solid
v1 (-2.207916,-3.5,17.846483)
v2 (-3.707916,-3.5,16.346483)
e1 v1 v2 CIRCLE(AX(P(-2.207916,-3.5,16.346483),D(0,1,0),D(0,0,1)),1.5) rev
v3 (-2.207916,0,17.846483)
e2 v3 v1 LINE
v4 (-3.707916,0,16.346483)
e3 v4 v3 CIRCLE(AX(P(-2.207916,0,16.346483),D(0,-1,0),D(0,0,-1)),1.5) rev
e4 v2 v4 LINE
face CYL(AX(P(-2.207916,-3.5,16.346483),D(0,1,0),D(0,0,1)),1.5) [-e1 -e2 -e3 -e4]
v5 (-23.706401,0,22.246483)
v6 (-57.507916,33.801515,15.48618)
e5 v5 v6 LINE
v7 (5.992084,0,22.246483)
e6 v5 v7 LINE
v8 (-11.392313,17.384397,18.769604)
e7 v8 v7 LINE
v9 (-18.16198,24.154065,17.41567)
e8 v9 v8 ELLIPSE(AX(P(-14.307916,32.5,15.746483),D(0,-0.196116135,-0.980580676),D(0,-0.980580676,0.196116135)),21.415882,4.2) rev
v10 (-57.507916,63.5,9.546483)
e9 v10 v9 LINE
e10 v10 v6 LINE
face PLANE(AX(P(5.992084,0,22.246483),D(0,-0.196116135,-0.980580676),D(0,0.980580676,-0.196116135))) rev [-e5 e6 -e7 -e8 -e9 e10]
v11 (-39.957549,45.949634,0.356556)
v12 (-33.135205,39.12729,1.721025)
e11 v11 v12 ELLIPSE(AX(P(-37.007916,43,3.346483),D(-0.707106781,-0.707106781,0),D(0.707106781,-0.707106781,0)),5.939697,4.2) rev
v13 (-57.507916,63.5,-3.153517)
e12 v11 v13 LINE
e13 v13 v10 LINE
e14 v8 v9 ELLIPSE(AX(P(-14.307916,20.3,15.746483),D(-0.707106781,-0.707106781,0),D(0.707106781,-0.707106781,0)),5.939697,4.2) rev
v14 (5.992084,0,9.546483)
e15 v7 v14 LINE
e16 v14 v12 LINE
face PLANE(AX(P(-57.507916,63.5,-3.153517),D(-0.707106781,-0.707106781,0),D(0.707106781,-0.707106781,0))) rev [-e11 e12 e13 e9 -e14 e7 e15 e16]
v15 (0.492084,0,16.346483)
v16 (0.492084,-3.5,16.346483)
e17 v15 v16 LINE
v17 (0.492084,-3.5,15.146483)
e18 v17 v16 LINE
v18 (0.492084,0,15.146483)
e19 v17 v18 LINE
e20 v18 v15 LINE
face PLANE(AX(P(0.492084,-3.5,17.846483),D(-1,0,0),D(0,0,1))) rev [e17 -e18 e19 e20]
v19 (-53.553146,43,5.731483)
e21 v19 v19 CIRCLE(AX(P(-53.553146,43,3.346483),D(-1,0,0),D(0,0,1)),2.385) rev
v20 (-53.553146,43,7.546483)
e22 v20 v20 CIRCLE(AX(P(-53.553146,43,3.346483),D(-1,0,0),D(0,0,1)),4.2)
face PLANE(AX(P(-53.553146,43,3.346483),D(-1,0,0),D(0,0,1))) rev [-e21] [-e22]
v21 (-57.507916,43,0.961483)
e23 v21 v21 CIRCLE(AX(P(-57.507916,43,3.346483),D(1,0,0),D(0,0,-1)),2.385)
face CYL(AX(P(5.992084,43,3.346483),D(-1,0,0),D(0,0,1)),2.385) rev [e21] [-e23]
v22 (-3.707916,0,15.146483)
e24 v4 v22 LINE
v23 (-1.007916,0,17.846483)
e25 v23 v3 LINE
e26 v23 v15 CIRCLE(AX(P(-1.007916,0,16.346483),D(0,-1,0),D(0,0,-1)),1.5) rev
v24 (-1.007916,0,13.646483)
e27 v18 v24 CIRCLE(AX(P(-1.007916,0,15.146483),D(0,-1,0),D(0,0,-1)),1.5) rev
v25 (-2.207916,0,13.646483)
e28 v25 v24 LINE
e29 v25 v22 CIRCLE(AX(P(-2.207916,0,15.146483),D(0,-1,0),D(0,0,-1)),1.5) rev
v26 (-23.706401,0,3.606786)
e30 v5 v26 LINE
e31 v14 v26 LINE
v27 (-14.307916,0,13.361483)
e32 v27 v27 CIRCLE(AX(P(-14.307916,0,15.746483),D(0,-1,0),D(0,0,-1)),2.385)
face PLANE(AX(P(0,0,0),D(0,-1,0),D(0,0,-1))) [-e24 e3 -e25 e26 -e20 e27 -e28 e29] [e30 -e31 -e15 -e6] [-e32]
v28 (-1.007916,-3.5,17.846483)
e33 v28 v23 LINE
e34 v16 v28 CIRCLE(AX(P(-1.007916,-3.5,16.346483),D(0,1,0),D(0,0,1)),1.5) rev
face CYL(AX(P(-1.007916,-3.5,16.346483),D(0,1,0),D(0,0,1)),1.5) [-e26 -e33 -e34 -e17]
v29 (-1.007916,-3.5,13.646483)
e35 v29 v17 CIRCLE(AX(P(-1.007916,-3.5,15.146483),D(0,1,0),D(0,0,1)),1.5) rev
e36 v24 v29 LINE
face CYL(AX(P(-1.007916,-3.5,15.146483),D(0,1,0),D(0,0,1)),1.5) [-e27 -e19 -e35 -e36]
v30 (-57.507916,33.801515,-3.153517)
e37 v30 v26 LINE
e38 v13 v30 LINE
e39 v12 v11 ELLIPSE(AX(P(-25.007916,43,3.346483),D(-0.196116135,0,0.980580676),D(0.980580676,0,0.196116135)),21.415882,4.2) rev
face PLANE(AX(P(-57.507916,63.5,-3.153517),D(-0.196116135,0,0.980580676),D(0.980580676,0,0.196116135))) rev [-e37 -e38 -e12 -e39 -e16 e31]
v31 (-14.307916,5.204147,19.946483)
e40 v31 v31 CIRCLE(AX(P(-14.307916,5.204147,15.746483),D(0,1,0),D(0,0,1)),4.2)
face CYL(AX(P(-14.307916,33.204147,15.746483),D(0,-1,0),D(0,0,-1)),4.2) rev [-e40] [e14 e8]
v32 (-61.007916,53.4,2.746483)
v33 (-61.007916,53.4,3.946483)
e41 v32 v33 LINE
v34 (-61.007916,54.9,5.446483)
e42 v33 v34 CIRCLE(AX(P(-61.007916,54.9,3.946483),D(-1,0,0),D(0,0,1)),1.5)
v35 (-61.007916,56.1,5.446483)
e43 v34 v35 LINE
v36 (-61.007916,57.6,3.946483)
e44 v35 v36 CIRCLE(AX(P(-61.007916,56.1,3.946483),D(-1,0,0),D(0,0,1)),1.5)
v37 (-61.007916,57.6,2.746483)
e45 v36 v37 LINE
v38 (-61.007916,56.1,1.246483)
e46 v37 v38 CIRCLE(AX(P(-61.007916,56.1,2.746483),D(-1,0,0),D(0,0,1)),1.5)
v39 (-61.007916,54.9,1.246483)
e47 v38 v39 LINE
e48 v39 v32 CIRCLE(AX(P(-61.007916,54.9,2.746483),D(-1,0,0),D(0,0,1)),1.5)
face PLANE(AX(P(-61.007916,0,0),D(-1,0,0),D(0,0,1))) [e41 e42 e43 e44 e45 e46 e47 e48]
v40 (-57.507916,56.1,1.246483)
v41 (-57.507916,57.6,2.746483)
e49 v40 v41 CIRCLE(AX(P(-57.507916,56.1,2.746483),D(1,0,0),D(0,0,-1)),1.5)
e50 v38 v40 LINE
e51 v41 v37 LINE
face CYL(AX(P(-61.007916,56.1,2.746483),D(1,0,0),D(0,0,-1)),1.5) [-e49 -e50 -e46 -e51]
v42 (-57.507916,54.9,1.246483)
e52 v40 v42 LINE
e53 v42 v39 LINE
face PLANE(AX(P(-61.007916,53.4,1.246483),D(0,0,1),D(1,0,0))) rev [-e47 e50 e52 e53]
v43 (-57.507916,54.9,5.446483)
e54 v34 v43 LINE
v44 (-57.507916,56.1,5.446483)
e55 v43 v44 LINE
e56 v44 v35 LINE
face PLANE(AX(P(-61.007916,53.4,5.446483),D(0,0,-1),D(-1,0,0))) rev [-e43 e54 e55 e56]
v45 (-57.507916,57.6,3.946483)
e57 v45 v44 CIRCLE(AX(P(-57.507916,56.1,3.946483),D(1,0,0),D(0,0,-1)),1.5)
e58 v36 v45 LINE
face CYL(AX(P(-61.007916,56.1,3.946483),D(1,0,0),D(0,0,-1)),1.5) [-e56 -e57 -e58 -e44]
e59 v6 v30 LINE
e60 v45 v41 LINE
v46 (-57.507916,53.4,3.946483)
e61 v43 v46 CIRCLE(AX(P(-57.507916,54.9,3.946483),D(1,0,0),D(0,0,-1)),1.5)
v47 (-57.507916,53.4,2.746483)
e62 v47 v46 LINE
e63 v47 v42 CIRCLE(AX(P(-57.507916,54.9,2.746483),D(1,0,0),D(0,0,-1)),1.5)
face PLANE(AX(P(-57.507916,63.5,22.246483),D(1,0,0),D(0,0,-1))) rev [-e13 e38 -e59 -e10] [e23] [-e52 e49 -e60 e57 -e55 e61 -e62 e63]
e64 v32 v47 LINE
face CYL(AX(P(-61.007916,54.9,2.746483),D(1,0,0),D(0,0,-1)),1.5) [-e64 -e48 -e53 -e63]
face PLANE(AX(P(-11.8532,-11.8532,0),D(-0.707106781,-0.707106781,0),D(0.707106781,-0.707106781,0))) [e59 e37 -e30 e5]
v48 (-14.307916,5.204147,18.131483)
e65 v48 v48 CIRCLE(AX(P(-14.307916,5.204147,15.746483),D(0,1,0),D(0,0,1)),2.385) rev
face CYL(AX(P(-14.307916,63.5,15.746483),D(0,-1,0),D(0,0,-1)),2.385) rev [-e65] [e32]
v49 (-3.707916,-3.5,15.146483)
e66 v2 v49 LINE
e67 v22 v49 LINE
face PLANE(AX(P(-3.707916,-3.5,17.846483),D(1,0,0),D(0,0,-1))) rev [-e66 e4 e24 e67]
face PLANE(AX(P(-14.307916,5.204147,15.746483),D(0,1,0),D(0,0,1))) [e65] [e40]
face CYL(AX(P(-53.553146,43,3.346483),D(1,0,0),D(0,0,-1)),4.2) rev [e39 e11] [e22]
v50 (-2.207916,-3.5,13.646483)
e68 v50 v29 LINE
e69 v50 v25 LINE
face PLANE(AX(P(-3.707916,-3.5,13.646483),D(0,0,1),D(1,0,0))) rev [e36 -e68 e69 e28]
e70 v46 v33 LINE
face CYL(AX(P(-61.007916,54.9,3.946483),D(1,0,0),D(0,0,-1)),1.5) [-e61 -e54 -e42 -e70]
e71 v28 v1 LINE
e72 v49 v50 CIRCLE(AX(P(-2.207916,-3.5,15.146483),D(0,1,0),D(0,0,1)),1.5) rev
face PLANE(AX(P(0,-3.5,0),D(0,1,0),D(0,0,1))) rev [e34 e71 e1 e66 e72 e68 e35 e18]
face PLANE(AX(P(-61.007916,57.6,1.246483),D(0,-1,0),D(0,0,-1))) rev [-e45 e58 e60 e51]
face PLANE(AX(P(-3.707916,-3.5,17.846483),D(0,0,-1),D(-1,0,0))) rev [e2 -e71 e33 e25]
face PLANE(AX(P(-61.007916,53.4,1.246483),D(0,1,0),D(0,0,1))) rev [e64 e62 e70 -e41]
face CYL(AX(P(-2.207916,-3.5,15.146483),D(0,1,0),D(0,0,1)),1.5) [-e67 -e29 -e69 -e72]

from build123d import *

# Parameters (mm, degrees)
SKETCH2_W               = 63.5
SKETCH2_H               = 25.4
BOSS_EXTRUDE1_DEPTH     = 63.5
CUT_EXTRUDE1_DEPTH      = 90.356423253
SKETCH4_W               = 4.2
SKETCH4_H               = 4.2
BOSS_EXTRUDE2_DEPTH     = 3.5
SKETCH5_W               = 4.2
SKETCH5_H               = 4.2
BOSS_EXTRUDE3_DEPTH     = 3.5
FILLET1_R               = 1.5
CUT_EXTRUDE4_DEPTH      = 93.517057968
CUT_EXTRUDE5_DEPTH      = 91.824676174
SKETCH8_R               = 2.385
CUT_EXTRUDE6_DEPTH      = 94.305261385
CUT_EXTRUDE7_DEPTH      = 10
CUT_EXTRUDE7_DEPTH_BACK = 18
SKETCH12_R              = 4.2
SKETCH13_R              = 2.385
CUT_EXTRUDE8_DEPTH      = 95.953441302
CUT_EXTRUDE9_DEPTH      = 20
CUT_EXTRUDE9_DEPTH_BACK = 10
SKETCH14_R              = 4.2
SKETCH15_W              = 71.848813027
SKETCH15_H              = 26.708799916
CUT_EXTRUDE10_DEPTH     = 30


with BuildPart() as part:
    # Sketch2 → Boss-Extrude1 (new body)
    with BuildSketch(Plane(origin=(0, 0, 0), x_dir=(1, 0, 0), z_dir=(0, 1, 0))):
        with Locations((-25.757915773, -9.546483207)):
            Rectangle(SKETCH2_W, SKETCH2_H)
    extrude(amount=BOSS_EXTRUDE1_DEPTH)

    # Sketch3 → Cut-Extrude1 (cut, through all)
    with BuildSketch(Plane.XY.offset(22.246483207)):
        Polygon((-57.507915773, 63.5), (5.992084227, 0), (5.992084227, 63.5), align=None)
    extrude(amount=-CUT_EXTRUDE1_DEPTH, mode=Mode.SUBTRACT)

    # Sketch4 → Boss-Extrude2 (add)
    with BuildSketch(Plane.XZ):
        with Locations((-52.407915773, 15.746483207)):
            Rectangle(SKETCH4_W, SKETCH4_H)
        with Locations((-39.707915773, 15.746483207)):
            Rectangle(SKETCH4_W, SKETCH4_H)
        with Locations((-27.007915773, 15.746483207)):
            Rectangle(SKETCH4_W, SKETCH4_H)
        with Locations((-14.307915773, 15.746483207)):
            Rectangle(SKETCH4_W, SKETCH4_H)
        with Locations((-1.607915773, 15.746483207)):
            Rectangle(SKETCH4_W, SKETCH4_H)
    extrude(amount=BOSS_EXTRUDE2_DEPTH)

    # Sketch5 → Boss-Extrude3 (add)
    with BuildSketch(Plane.ZY.offset(57.507915773)):
        with Locations((3.346483207, 5.5)):
            Rectangle(SKETCH5_W, SKETCH5_H)
        with Locations((3.346483207, 18)):
            Rectangle(SKETCH5_W, SKETCH5_H)
        with Locations((3.346483207, 30.5)):
            Rectangle(SKETCH5_W, SKETCH5_H)
        with Locations((3.346483207, 43)):
            Rectangle(SKETCH5_W, SKETCH5_H)
        with Locations((3.346483207, 55.5)):
            Rectangle(SKETCH5_W, SKETCH5_H)
    extrude(amount=BOSS_EXTRUDE3_DEPTH)

    # Fillet1
    fillet1_edges = [part.edges().sort_by_distance(p)[0] for p in [
        (-59.257915773, 28.4, 1.246483207),
        (-59.257915773, 28.4, 5.446483207),
        (-59.257915773, 32.6, 5.446483207),
        (-59.257915773, 32.6, 1.246483207),
        (-59.257915773, 40.9, 1.246483207),
        (-59.257915773, 40.9, 5.446483207),
        (-59.257915773, 45.1, 5.446483207),
        (-59.257915773, 45.1, 1.246483207),
        (-59.257915773, 53.4, 1.246483207),
        (-59.257915773, 53.4, 5.446483207),
        (-59.257915773, 57.6, 5.446483207),
        (-59.257915773, 57.6, 1.246483207),
        (-54.507915773, -1.75, 17.846483207),
        (-54.507915773, -1.75, 13.646483207),
        (-50.307915773, -1.75, 13.646483207),
        (-50.307915773, -1.75, 17.846483207),
        (-37.607915773, -1.75, 17.846483207),
        (-41.807915773, -1.75, 17.846483207),
        (-41.807915773, -1.75, 13.646483207),
        (-37.607915773, -1.75, 13.646483207),
        (-24.907915773, -1.75, 17.846483207),
        (-29.107915773, -1.75, 17.846483207),
        (-29.107915773, -1.75, 13.646483207),
        (-24.907915773, -1.75, 13.646483207),
        (-12.207915773, -1.75, 17.846483207),
        (-16.407915773, -1.75, 17.846483207),
        (-16.407915773, -1.75, 13.646483207),
        (-12.207915773, -1.75, 13.646483207),
        (0.492084227, -1.75, 17.846483207),
        (-3.707915773, -1.75, 17.846483207),
        (-3.707915773, -1.75, 13.646483207),
        (0.492084227, -1.75, 13.646483207),
        (-59.257915773, 7.6, 1.246483207),
        (-59.257915773, 3.4, 1.246483207),
        (-59.257915773, 3.4, 5.446483207),
        (-59.257915773, 7.6, 5.446483207),
        (-59.257915773, 15.9, 1.246483207),
        (-59.257915773, 15.9, 5.446483207),
        (-59.257915773, 20.1, 5.446483207),
        (-59.257915773, 20.1, 1.246483207),
    ]]
    fillet(fillet1_edges, radius=FILLET1_R)

    # Sketch6 → Cut-Extrude4 (cut, through all)
    with BuildSketch(Plane.ZY.offset(57.507915773)):
        Polygon((22.246483207, 0), (9.546483207, 63.5), (22.246483207, 63.5), align=None)
    extrude(amount=-CUT_EXTRUDE4_DEPTH, mode=Mode.SUBTRACT)

    # Sketch7 → Cut-Extrude5 (cut, through all)
    with BuildSketch(Plane.XZ):
        Polygon((-57.507915773, -3.153516793), (5.992084227, 9.546483207), (5.992084227, -3.153516793), align=None)
    extrude(amount=-CUT_EXTRUDE5_DEPTH, mode=Mode.SUBTRACT)

    # Sketch8 → Cut-Extrude6 (cut, through all)
    with BuildSketch(Plane.XZ.offset(3.5)):
        with Locations(Location((-14.307915773, 15.746483207, 0), (0, 0, 270))):
            Circle(SKETCH8_R)
    extrude(amount=-CUT_EXTRUDE6_DEPTH, mode=Mode.SUBTRACT)

    # Sketch12 → Cut-Extrude7 (cut, two sides: drawn at the far end of the back side and taken through both)
    with BuildSketch(Plane(origin=(0, 23.204147495, 0), x_dir=(1, 0, 0), z_dir=(0, 1, 0)).offset(-CUT_EXTRUDE7_DEPTH_BACK)):
        with Locations(Location((-14.307915773, -15.746483207, 0), (0, 0, 203.417331866))):
            Circle(SKETCH12_R)
    extrude(amount=CUT_EXTRUDE7_DEPTH + CUT_EXTRUDE7_DEPTH_BACK, mode=Mode.SUBTRACT)

    # Sketch13 → Cut-Extrude8 (cut, through all)
    with BuildSketch(Plane.ZY.offset(61.007915773)):
        with Locations(Location((3.346483207, 43, 0), (0, 0, 200.648098404))):
            Circle(SKETCH13_R)
    extrude(amount=-CUT_EXTRUDE8_DEPTH, mode=Mode.SUBTRACT)

    # Sketch14 → Cut-Extrude9 (cut, two sides: drawn at the far end of the back side and taken through both)
    with BuildSketch(Plane.ZY.offset(33.553145543).offset(-CUT_EXTRUDE9_DEPTH_BACK)):
        with Locations(Location((3.346483207, 43, 0), (0, 0, 135.388680518))):
            Circle(SKETCH14_R)
    extrude(amount=CUT_EXTRUDE9_DEPTH + CUT_EXTRUDE9_DEPTH_BACK, mode=Mode.SUBTRACT)

    # Sketch15 → Cut-Extrude10 (cut)
    with BuildSketch(Plane(origin=(-11.853200292, -11.853200292, 0), x_dir=(0.7071067811865475, -0.7071067811865477, 0), z_dir=(0.7071067811865477, 0.7071067811865475, 0))):
        with Locations((-41.881900269, -9.453152274)):
            Rectangle(SKETCH15_W, SKETCH15_H)
    extrude(amount=-CUT_EXTRUDE10_DEPTH, mode=Mode.SUBTRACT)


solid = part.part
